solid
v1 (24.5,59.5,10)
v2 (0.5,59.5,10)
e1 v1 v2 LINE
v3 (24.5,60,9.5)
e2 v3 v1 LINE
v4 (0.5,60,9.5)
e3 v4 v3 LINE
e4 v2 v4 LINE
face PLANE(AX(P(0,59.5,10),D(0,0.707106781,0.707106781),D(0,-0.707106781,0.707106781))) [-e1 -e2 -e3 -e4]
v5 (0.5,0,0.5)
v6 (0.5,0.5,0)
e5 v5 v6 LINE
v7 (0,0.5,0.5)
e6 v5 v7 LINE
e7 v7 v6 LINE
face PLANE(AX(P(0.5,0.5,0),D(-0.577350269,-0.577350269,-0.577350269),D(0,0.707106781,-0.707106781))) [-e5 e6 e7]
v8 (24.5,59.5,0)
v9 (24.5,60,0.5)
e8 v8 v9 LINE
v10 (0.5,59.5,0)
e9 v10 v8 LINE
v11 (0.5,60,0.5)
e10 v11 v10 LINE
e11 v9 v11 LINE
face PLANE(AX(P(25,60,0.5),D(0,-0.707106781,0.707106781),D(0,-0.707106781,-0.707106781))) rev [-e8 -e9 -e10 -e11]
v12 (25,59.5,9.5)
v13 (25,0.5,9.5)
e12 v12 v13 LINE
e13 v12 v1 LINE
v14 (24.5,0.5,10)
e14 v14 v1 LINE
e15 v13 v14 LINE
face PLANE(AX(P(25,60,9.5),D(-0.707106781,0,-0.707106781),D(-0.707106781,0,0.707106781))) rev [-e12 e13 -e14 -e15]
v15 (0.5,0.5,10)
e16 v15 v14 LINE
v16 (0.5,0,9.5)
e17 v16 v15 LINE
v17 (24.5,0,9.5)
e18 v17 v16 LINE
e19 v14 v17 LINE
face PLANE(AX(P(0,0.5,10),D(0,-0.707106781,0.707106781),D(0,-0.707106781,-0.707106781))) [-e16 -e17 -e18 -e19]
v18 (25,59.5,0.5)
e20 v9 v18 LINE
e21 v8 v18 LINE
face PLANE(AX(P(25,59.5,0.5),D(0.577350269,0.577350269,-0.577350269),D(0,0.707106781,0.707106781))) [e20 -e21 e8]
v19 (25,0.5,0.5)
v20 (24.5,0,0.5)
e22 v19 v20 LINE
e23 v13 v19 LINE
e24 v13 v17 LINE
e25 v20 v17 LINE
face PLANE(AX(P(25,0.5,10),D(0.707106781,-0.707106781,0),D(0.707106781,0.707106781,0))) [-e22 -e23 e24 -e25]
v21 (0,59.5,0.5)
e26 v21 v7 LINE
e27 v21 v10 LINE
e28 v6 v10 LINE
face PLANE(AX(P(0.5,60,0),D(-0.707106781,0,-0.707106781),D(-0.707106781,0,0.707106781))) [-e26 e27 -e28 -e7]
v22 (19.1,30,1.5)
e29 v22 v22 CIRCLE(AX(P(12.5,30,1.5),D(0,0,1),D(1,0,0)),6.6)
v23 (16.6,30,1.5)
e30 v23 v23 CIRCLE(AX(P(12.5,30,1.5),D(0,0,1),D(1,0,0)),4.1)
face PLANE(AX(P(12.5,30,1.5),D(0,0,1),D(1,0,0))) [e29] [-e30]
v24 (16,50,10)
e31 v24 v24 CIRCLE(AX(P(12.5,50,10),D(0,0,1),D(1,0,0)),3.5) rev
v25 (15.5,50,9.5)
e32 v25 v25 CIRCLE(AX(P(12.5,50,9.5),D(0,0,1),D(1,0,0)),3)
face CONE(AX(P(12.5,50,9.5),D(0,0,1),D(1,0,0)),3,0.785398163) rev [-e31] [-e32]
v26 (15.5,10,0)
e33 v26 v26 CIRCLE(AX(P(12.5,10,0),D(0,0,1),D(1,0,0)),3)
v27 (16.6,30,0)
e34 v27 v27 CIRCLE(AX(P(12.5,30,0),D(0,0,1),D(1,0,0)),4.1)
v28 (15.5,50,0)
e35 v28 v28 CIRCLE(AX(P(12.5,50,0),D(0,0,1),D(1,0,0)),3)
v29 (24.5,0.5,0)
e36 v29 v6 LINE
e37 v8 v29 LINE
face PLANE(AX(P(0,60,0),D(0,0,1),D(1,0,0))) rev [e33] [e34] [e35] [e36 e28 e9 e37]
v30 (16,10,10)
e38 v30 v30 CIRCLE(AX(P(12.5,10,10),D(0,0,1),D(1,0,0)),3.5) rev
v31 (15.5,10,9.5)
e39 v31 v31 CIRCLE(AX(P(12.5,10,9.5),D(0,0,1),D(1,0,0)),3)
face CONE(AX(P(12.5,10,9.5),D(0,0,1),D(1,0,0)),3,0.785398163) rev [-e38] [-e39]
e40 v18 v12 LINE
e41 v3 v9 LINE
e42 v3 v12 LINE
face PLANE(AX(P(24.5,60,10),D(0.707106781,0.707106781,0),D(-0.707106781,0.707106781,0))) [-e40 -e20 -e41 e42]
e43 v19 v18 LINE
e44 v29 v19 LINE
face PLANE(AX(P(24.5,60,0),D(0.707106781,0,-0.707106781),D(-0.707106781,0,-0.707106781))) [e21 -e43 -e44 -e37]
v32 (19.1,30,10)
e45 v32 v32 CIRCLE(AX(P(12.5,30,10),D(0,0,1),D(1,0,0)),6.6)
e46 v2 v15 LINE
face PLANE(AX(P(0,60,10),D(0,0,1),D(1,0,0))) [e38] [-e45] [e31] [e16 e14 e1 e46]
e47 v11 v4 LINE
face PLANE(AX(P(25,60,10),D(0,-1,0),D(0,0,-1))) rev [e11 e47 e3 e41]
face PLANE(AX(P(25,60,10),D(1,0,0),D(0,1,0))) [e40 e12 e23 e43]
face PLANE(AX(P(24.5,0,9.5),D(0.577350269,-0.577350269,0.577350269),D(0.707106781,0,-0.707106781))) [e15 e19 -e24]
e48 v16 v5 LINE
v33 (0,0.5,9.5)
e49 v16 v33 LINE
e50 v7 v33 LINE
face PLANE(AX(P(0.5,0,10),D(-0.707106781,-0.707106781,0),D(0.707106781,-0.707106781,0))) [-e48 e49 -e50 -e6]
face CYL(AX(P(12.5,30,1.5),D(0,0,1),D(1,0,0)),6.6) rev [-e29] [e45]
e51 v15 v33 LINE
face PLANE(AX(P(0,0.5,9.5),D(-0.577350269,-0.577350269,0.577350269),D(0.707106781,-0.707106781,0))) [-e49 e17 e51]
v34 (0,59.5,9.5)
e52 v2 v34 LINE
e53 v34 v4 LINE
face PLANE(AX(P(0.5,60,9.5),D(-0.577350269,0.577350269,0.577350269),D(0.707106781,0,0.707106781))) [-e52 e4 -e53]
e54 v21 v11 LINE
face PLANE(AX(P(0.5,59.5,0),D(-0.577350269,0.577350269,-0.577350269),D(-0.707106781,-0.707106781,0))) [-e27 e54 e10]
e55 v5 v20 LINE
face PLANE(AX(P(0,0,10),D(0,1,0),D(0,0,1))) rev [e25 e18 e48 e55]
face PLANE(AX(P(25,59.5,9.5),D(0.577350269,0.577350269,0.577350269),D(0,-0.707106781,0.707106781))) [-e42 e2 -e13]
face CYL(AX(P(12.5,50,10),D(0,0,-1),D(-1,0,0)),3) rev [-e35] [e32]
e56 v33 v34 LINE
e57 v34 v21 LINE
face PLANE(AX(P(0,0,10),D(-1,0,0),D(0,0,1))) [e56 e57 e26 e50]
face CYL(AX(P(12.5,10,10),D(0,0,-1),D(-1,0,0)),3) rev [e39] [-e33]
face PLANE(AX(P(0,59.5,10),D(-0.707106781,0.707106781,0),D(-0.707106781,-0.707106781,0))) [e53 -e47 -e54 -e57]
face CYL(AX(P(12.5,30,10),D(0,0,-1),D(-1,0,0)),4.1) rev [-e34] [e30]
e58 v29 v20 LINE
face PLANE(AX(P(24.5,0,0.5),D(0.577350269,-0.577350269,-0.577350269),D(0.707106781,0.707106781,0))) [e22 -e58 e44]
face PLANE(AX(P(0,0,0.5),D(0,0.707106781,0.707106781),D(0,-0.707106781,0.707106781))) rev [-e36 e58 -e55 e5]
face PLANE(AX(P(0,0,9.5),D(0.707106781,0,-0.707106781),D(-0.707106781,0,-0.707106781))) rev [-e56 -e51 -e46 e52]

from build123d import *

# Parameters (mm, degrees)
ESQUISSE1_W             = 25
ESQUISSE1_H             = 60
ESQUISSE1_R             = 3
ESQUISSE1_R_2           = 4.1
BASE_EXTRUSION_DEPTH    = 10
CHANFREIN1_SIZE         = 0.5
ESQUISSE2_R             = 6.6
ENL_V_MAT_EXTRU_1_DEPTH = 8.5


with BuildPart() as part:
    # Esquisse1 → Base-Extrusion (new body)
    with BuildSketch(Plane.XY):
        with Locations((12.5, 30)):
            Rectangle(ESQUISSE1_W, ESQUISSE1_H)
        with Locations((12.5, 50)):
            Circle(ESQUISSE1_R, mode=Mode.SUBTRACT)
        with Locations((12.5, 10)):
            Circle(ESQUISSE1_R, mode=Mode.SUBTRACT)
        with Locations((12.5, 30)):
            Circle(ESQUISSE1_R_2, mode=Mode.SUBTRACT)
    extrude(amount=BASE_EXTRUSION_DEPTH)

    # Chanfrein1
    chanfrein1_edges = [part.edges().sort_by_distance(p)[0] for p in [
        (0, 0, 5),
        (25, 0, 5),
        (12.5, 0, 0),
        (12.5, 0, 10),
        (25, 60, 5),
        (25, 30, 0),
        (25, 30, 10),
        (0, 60, 5),
        (12.5, 60, 0),
        (12.5, 60, 10),
        (0, 30, 0),
        (0, 30, 10),
        (9.5, 50, 10),
        (9.5, 10, 10),
    ]]
    chamfer(chanfrein1_edges, length=CHANFREIN1_SIZE)

    # Esquisse2 → Enlèv. mat.-Extru.1 (cut)
    with BuildSketch(Plane.XY.offset(10)):
        with Locations((12.5, 30)):
            Circle(ESQUISSE2_R)
    extrude(amount=-ENL_V_MAT_EXTRU_1_DEPTH, mode=Mode.SUBTRACT)


solid = part.part
